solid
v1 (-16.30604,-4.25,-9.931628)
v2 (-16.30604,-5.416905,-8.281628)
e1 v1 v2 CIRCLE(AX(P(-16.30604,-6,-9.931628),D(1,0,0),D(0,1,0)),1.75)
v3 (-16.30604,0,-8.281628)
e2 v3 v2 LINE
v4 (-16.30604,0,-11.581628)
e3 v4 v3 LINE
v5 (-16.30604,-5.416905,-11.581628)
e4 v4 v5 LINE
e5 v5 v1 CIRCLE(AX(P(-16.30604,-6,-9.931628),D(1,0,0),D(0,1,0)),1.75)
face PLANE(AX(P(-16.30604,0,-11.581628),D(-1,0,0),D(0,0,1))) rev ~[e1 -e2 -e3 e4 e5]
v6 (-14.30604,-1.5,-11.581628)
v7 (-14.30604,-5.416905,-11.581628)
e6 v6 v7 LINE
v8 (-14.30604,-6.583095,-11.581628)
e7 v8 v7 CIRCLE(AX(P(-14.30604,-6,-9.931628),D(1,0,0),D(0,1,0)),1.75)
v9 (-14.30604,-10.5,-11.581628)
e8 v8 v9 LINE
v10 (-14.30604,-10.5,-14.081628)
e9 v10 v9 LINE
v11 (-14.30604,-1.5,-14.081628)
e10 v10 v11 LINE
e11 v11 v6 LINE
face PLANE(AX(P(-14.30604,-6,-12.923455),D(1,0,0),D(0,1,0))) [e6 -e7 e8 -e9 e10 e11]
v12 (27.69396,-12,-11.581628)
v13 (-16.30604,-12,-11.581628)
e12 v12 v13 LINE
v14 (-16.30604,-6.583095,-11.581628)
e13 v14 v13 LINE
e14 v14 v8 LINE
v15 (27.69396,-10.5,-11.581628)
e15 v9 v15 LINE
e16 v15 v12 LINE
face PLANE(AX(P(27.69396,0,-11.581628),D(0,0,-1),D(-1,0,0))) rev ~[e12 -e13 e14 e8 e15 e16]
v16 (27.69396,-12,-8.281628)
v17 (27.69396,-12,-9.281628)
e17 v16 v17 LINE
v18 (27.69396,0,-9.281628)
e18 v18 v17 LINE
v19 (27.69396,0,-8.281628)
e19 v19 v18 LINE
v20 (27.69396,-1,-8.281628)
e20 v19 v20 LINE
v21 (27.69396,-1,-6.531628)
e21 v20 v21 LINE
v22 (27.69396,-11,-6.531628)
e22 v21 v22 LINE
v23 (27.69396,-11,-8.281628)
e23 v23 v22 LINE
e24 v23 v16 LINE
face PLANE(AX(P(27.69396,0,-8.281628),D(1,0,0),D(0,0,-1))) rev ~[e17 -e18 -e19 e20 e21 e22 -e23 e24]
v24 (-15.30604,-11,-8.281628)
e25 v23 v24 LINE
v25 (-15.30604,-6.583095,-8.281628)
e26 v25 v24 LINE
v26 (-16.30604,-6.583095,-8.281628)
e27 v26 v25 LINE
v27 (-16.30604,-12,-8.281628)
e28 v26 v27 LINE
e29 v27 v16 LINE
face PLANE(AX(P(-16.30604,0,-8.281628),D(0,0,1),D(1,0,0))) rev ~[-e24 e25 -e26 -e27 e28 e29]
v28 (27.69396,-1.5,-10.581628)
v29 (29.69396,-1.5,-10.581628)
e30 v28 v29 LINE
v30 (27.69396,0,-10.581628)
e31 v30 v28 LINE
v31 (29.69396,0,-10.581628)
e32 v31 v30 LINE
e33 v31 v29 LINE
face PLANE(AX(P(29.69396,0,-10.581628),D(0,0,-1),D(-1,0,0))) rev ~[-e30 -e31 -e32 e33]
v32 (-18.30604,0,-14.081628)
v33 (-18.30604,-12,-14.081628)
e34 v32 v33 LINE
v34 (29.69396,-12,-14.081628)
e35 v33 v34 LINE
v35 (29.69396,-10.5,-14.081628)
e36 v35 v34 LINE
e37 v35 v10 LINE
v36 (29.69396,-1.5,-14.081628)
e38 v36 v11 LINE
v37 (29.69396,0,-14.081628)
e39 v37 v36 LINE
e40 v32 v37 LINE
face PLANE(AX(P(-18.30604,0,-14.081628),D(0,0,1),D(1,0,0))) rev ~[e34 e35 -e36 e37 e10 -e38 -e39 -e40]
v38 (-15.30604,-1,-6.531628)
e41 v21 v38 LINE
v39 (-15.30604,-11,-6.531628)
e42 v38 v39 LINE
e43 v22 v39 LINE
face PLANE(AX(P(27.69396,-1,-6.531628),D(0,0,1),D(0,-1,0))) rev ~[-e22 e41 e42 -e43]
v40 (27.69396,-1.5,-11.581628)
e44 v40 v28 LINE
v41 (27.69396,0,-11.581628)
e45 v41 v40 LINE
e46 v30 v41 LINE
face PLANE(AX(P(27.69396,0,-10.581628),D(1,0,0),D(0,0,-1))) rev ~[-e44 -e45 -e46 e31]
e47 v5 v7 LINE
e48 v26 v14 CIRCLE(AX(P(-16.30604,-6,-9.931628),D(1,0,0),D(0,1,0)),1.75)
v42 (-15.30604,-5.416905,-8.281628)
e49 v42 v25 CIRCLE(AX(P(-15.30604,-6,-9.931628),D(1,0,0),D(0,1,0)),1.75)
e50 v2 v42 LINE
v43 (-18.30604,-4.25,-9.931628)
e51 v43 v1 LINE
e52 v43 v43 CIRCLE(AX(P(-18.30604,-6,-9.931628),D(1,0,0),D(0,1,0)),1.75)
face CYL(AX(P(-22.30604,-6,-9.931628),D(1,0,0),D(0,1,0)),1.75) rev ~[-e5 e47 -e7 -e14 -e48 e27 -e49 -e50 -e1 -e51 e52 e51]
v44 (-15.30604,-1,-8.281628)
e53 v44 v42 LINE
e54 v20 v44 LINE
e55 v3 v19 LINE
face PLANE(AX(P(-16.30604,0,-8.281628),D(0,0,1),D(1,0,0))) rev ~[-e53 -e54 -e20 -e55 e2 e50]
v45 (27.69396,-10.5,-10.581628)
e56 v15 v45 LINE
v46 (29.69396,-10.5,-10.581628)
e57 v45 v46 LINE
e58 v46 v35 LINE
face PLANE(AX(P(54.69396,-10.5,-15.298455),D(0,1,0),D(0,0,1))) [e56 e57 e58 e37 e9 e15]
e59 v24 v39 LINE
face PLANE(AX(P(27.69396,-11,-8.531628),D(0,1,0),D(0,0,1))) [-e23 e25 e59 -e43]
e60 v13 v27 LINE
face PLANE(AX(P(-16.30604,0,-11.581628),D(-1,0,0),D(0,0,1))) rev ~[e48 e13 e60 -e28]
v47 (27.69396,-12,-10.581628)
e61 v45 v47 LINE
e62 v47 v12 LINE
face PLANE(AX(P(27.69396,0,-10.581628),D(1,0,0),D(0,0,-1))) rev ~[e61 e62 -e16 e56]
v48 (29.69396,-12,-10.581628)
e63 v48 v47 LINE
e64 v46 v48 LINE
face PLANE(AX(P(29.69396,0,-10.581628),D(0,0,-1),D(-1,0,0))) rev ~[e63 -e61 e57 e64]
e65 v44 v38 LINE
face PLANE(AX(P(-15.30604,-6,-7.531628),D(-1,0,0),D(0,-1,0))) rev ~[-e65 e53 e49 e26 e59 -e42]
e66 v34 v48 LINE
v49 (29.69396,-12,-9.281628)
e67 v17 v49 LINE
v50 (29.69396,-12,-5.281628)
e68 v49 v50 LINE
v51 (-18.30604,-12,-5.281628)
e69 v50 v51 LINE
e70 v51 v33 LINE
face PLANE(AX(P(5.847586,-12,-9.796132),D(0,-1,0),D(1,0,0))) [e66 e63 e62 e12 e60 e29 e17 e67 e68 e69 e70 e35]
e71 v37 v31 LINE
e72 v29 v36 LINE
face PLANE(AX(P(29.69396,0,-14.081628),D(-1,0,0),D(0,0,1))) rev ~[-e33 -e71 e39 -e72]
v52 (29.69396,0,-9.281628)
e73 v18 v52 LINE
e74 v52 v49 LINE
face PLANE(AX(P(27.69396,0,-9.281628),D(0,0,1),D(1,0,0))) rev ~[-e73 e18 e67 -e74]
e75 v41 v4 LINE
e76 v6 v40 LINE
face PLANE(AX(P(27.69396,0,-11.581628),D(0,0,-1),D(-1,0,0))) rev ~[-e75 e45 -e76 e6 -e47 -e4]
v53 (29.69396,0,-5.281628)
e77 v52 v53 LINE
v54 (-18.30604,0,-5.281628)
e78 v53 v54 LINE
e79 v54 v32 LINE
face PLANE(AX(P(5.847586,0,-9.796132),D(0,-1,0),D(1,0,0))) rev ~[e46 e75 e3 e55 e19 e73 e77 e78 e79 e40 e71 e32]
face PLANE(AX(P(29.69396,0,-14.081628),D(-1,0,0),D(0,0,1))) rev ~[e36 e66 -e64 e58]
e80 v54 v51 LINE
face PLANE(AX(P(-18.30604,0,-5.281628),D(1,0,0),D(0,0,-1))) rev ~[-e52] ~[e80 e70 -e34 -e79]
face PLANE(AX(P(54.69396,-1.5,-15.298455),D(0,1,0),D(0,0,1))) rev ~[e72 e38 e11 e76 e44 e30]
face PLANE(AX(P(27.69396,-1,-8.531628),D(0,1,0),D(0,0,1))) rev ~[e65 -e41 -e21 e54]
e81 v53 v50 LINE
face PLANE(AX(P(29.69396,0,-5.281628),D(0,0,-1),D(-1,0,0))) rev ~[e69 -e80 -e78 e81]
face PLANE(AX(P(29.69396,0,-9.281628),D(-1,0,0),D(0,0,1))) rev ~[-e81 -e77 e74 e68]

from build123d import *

# Parameters (mm, degrees)
F1_DEPTH = 12
F3_W     = 10
F3_H     = 2
F4_DEPTH = 43
F6_W     = 9
F6_H     = 4.75
F7_DEPTH = 69
F9_D     = 3.5
F9_DEPTH = 4
F9_TIP   = 1.0515060833


with BuildPart() as f1:
    # F0 (on Front) → F1 (new body)
    with BuildSketch(Plane.XZ):
        Polygon((29.6939597434, -5.2816280767), (-18.3060402566, -5.2816280767), (-18.3060402566, -14.0816280767), (29.6939597434, -14.0816280767), (29.6939597434, -10.5816280767), (27.6939597434, -10.5816280767), (27.6939597434, -11.5816280767), (-16.3060402566, -11.5816280767), (-16.3060402566, -8.2816280767), (27.6939597434, -8.2816280767), (27.6939597434, -9.2816280767), (29.6939597434, -9.2816280767), align=None)
    extrude(amount=F1_DEPTH)

    # F3 (on offset) → F4 (cut)
    with BuildSketch(Plane(origin=(27.6939597434, 0, 0), x_dir=(0, -1, 0), z_dir=(-1, 0, 0))):
        with Locations((6, -7.5316280767)):
            Rectangle(F3_W, F3_H)
    extrude(amount=F4_DEPTH, mode=Mode.SUBTRACT)

    # F6 (on offset) → F7 (cut)
    with BuildSketch(Plane.YZ.offset(54.6939597434)):
        with Locations((-6, -12.9234550223)):
            Rectangle(F6_W, F6_H)
    extrude(amount=-F7_DEPTH, mode=Mode.SUBTRACT)

    # F9
    with Locations(Plane(origin=(-18.3060402566, 0, 0), x_dir=(0, -1, 0), z_dir=(-1, 0, 0))):
        with Locations((6, -9.9316280767)):
            Hole(F9_D / 2, depth=F9_DEPTH)
            with Locations((0, 0, -(F9_DEPTH + F9_TIP / 2))):  # 118° drill point
                Cone(0, F9_D / 2, F9_TIP, mode=Mode.SUBTRACT)


solid = f1.part
